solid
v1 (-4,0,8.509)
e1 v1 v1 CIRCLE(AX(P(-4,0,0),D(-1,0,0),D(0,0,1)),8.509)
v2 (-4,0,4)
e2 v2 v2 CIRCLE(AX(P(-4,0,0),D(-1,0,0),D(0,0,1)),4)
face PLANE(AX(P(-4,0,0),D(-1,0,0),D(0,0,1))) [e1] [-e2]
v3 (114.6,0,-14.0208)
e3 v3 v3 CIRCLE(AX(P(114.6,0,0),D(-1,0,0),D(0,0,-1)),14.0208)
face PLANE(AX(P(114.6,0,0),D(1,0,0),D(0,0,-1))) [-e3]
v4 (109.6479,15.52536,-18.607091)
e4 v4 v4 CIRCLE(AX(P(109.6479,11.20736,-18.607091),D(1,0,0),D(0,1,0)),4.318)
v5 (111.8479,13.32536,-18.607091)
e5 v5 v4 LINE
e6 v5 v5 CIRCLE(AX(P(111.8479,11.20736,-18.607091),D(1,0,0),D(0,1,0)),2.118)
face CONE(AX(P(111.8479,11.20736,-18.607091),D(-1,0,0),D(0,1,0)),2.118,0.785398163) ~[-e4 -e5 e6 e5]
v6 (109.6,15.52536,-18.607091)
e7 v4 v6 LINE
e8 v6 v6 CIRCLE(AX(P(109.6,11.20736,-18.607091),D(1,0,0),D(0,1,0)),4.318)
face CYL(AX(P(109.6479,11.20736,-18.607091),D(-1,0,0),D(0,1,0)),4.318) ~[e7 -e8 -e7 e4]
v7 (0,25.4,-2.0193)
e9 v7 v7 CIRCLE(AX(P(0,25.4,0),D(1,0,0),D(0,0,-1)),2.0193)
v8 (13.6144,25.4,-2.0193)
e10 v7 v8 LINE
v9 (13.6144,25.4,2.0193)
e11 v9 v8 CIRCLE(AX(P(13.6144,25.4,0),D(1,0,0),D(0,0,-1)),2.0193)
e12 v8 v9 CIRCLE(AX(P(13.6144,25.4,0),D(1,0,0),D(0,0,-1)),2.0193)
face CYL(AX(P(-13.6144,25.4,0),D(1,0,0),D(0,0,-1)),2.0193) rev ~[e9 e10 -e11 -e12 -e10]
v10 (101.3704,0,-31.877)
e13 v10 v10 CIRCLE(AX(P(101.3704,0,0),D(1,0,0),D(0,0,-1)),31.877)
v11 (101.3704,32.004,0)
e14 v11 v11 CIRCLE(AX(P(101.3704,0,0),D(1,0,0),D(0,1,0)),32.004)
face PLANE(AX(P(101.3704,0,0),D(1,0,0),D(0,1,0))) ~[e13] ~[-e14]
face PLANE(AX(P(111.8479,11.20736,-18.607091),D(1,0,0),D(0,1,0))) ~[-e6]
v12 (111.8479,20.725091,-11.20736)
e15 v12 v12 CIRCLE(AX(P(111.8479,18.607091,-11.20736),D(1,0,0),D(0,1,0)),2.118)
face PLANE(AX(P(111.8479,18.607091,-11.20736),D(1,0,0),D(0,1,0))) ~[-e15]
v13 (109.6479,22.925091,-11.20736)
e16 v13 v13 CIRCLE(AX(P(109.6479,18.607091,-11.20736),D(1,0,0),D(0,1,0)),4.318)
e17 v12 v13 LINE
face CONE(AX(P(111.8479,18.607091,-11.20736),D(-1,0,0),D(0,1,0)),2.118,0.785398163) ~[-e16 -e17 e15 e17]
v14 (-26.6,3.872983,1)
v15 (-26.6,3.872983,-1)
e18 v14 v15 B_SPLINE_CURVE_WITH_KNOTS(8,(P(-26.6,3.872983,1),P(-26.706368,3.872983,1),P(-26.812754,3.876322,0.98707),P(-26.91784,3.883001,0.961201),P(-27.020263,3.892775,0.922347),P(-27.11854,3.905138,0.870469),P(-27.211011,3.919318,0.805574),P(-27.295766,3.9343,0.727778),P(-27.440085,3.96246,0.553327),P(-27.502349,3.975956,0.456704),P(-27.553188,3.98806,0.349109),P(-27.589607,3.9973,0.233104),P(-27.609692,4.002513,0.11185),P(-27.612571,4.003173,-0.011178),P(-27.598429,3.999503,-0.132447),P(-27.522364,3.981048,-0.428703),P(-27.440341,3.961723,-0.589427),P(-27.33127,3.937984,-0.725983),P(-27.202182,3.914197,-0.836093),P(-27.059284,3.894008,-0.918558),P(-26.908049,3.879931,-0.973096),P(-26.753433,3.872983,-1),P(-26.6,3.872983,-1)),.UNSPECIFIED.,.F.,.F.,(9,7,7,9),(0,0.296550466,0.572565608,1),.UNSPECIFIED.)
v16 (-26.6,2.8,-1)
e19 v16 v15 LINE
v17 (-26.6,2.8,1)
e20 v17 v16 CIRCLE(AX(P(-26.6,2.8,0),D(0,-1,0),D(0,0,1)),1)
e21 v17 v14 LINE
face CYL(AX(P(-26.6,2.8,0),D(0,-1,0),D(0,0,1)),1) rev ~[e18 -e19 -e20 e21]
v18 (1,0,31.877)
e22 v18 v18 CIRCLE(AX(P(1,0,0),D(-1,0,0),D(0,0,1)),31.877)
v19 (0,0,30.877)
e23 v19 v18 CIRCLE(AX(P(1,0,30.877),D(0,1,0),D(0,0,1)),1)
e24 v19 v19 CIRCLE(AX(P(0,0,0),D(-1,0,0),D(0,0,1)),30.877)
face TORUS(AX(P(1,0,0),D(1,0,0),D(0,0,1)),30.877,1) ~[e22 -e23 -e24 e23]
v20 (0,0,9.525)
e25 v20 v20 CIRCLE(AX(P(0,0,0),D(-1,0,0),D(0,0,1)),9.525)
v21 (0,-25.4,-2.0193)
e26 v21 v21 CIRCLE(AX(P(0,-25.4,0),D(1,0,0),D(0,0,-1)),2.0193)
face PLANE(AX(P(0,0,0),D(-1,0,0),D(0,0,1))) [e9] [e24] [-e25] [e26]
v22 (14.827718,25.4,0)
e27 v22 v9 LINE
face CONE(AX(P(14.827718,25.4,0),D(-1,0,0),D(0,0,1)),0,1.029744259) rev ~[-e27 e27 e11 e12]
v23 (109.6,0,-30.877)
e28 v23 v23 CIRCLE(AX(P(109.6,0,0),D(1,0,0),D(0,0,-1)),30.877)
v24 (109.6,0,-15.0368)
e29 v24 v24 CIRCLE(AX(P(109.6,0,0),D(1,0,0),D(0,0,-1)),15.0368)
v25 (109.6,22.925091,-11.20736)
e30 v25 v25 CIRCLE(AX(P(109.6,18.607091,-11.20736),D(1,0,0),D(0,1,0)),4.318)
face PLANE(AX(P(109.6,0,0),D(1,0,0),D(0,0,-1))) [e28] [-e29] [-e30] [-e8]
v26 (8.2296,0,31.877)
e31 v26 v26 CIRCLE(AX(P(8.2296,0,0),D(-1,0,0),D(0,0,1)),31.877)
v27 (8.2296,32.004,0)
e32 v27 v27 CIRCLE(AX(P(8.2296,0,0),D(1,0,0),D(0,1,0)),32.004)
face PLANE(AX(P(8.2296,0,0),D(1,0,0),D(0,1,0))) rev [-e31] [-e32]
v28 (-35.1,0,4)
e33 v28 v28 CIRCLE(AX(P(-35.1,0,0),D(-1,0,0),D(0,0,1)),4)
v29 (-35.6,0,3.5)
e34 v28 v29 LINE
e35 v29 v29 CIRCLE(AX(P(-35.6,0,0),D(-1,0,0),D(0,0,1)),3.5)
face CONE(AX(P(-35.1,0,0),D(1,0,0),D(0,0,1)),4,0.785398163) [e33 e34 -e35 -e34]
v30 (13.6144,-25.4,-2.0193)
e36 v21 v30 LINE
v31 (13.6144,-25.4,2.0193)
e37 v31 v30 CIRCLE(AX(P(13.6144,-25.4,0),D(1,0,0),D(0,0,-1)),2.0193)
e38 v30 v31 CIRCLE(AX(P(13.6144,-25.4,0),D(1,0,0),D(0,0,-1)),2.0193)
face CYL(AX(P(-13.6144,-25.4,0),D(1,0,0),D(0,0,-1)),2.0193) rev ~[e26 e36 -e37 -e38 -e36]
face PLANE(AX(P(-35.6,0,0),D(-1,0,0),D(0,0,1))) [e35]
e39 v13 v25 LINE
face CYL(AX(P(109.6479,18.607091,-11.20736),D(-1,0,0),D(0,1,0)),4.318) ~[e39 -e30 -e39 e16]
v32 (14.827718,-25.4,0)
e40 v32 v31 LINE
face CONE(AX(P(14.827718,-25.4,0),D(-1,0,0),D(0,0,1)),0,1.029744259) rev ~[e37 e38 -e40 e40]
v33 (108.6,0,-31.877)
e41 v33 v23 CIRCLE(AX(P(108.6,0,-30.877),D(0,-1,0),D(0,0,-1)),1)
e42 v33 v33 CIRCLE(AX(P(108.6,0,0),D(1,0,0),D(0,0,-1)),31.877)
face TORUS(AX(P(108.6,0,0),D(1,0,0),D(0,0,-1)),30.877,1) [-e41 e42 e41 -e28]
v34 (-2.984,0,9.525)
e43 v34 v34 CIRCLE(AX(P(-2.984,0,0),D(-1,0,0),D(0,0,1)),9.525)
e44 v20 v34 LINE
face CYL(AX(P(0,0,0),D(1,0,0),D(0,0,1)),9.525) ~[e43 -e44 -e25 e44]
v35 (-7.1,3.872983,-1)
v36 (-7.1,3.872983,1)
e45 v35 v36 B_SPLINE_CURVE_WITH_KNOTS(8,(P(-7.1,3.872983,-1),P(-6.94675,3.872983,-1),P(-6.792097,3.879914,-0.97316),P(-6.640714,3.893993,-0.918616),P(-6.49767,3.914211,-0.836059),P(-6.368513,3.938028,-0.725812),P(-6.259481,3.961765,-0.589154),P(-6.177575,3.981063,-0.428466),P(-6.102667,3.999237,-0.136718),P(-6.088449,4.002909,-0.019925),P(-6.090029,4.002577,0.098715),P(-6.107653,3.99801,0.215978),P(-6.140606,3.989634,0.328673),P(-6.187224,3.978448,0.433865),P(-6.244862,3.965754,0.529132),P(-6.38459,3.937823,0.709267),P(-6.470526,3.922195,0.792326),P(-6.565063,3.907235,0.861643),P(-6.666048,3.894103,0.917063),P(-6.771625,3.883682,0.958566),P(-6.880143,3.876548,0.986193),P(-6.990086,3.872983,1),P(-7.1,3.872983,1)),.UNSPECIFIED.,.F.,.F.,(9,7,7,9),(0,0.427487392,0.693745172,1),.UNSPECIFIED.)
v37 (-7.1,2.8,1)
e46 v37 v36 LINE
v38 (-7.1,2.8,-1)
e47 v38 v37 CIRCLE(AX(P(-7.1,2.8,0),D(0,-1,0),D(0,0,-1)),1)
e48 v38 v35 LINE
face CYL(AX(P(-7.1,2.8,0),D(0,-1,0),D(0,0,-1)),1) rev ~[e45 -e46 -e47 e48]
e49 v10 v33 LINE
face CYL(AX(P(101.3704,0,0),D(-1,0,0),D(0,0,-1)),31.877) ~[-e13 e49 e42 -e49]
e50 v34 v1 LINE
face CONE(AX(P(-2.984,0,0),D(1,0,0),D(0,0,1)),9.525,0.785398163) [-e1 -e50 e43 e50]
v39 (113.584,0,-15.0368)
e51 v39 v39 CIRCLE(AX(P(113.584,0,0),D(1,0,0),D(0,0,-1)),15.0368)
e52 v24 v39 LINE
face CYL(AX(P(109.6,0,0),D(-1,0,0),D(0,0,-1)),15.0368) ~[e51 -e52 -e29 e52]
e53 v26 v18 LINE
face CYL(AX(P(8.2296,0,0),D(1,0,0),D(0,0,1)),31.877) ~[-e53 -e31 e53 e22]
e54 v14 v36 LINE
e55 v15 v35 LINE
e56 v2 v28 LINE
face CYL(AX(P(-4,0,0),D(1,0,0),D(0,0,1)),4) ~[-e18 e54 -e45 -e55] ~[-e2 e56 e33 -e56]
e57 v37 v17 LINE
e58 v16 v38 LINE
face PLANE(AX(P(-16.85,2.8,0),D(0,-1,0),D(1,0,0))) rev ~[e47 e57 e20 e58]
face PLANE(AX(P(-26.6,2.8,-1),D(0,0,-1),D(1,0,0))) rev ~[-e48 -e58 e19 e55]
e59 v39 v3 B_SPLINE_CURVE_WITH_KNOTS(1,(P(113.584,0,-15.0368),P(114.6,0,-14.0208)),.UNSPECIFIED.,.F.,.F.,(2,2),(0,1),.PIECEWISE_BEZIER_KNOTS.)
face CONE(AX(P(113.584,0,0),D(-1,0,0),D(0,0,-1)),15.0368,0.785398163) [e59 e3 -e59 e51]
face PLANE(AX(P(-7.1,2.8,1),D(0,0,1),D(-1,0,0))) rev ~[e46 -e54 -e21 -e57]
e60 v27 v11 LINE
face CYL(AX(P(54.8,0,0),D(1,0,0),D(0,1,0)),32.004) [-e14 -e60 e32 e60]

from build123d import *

# Parameters (mm, degrees)
SKETCH1_W                       = 93.1408
SKETCH1_H                       = 32.004
SKETCH2_R                       = 31.877
BOSS_EXTRUDE1_DEPTH             = 8.2296
SKETCH3_R                       = 15.0368
BOSS_EXTRUDE2_DEPTH             = 3.984
SKETCH4_R                       = 15.0368
BOSS_EXTRUDE3_DEPTH             = 1.016
BOSS_EXTRUDE3_TAPER             = 45
SKETCH5_R                       = 31.877
BOSS_EXTRUDE4_DEPTH             = 8.2296
SKETCH6_R                       = 9.525
BOSS_EXTRUDE5_DEPTH             = 4
SKETCH7_R                       = 4
BOSS_EXTRUDE6_DEPTH             = 31.6
CUT_EXTRUDE1_REACH              = 31.204
F_21_0_159_DIAMETER_HOLE1_D     = 4.0386
F_21_0_159_DIAMETER_HOLE1_DEPTH = 13.6144
F_21_0_159_DIAMETER_HOLE1_TIP   = 1.213317848
CHAMFER1_SIZE                   = 1.016
CHAMFER2_SIZE                   = 0.5
FILLET1_R                       = 1


with BuildPart() as part:
    # Sketch1 → Revolve1 (revolve)
    with BuildSketch(Plane.XY):
        with Locations((54.8, 16.002)):
            Rectangle(SKETCH1_W, SKETCH1_H)
    revolve(axis=Axis((8.2296, 0, 0), (1, 0, 0)))

    # Sketch2 → Boss-Extrude1 (add)
    with BuildSketch(Plane(origin=(101.3704, 0, 0), x_dir=(0, 0, -1), z_dir=(1, 0, 0))):
        Circle(SKETCH2_R)
    extrude(amount=BOSS_EXTRUDE1_DEPTH)

    # Sketch3 → Boss-Extrude2 (add)
    with BuildSketch(Plane(origin=(109.6, 0, 0), x_dir=(0, 0, -1), z_dir=(1, 0, 0))):
        Circle(SKETCH3_R)
    extrude(amount=BOSS_EXTRUDE2_DEPTH)

    # Sketch4 → Boss-Extrude3 (add)
    with BuildSketch(Plane(origin=(113.584, 0, 0), x_dir=(0, 0, -1), z_dir=(1, 0, 0))):
        Circle(SKETCH4_R)
    extrude(amount=BOSS_EXTRUDE3_DEPTH, taper=BOSS_EXTRUDE3_TAPER)

    # Sketch5 → Boss-Extrude4 (add)
    with BuildSketch(Plane.ZY.offset(-8.2296)):
        Circle(SKETCH5_R)
    extrude(amount=BOSS_EXTRUDE4_DEPTH)

    # Sketch6 → Boss-Extrude5 (add)
    with BuildSketch(Plane.ZY):
        Circle(SKETCH6_R)
    extrude(amount=BOSS_EXTRUDE5_DEPTH)

    # Sketch7 → Boss-Extrude6 (add)
    with BuildSketch(Plane.ZY.offset(4)):
        Circle(SKETCH7_R)
    extrude(amount=BOSS_EXTRUDE6_DEPTH)

    # Sketch8 → Cut-Extrude1 (cut, up to next)
    with BuildSketch(Plane.XZ.offset(-2.8), mode=Mode.PRIVATE) as cut_extrude1_sk1:
        with BuildLine():
            Line((-7.1, 1), (-26.6, 1))
            ThreePointArc((-26.6, 1), (-27.6, 0), (-26.6, -1))
            Line((-26.6, -1), (-7.1, -1))
            ThreePointArc((-7.1, -1), (-6.1, 0), (-7.1, 1))
        make_face()
    cut_extrude1_tool1 = extrude(cut_extrude1_sk1.sketch, amount=-CUT_EXTRUDE1_REACH, mode=Mode.PRIVATE) & part.part
    add(cut_extrude1_tool1.solids().sort_by_distance((-16.85, 2.8, 0))[0], mode=Mode.SUBTRACT)

    # Sketch9 → Revolve2 (revolve)
    with BuildSketch(Plane.XY.offset(-18.607090683)):
        Polygon((109.6, 15.525359639), (109.6, 11.207359639), (111.8479, 11.207359639), (111.8479, 13.325359639), (109.6479, 15.525359639), align=None)
    revolve(axis=Axis((109.6, 11.207359639, -18.607090683), (1, 0, 0)))

    # Sketch10 → Revolve3 (revolve)
    with BuildSketch(Plane.XY.offset(-11.207359639)):
        Polygon((109.6, 22.925090683), (109.6, 18.607090683), (111.8479, 18.607090683), (111.8479, 20.725090683), (109.6479, 22.925090683), align=None)
    revolve(axis=Axis((109.6, 18.607090683, -11.207359639), (1, 0, 0)))

    # #21 (0.159) Diameter Hole1
    with Locations(Plane.ZY):
        with Locations((0, 25.4), (0, -25.4)):
            Hole(F_21_0_159_DIAMETER_HOLE1_D / 2, depth=F_21_0_159_DIAMETER_HOLE1_DEPTH)
            with Locations((0, 0, -(F_21_0_159_DIAMETER_HOLE1_DEPTH + F_21_0_159_DIAMETER_HOLE1_TIP / 2))):  # 118° drill point
                Cone(0, F_21_0_159_DIAMETER_HOLE1_D / 2, F_21_0_159_DIAMETER_HOLE1_TIP, mode=Mode.SUBTRACT)

    # Chamfer1
    chamfer1_edges = [part.edges().sort_by_distance(p)[0] for p in [
        (-4, 0, -9.525),
    ]]
    chamfer(chamfer1_edges, length=CHAMFER1_SIZE)

    # Chamfer2
    chamfer2_edges = [part.edges().sort_by_distance(p)[0] for p in [
        (-35.6, 0, -4),
    ]]
    chamfer(chamfer2_edges, length=CHAMFER2_SIZE)

    # Fillet1
    fillet1_edges = [part.edges().sort_by_distance(p)[0] for p in [
        (0, 0, -31.877),
        (109.6, 0, 31.877),
    ]]
    fillet(fillet1_edges, radius=FILLET1_R)


solid = part.part
